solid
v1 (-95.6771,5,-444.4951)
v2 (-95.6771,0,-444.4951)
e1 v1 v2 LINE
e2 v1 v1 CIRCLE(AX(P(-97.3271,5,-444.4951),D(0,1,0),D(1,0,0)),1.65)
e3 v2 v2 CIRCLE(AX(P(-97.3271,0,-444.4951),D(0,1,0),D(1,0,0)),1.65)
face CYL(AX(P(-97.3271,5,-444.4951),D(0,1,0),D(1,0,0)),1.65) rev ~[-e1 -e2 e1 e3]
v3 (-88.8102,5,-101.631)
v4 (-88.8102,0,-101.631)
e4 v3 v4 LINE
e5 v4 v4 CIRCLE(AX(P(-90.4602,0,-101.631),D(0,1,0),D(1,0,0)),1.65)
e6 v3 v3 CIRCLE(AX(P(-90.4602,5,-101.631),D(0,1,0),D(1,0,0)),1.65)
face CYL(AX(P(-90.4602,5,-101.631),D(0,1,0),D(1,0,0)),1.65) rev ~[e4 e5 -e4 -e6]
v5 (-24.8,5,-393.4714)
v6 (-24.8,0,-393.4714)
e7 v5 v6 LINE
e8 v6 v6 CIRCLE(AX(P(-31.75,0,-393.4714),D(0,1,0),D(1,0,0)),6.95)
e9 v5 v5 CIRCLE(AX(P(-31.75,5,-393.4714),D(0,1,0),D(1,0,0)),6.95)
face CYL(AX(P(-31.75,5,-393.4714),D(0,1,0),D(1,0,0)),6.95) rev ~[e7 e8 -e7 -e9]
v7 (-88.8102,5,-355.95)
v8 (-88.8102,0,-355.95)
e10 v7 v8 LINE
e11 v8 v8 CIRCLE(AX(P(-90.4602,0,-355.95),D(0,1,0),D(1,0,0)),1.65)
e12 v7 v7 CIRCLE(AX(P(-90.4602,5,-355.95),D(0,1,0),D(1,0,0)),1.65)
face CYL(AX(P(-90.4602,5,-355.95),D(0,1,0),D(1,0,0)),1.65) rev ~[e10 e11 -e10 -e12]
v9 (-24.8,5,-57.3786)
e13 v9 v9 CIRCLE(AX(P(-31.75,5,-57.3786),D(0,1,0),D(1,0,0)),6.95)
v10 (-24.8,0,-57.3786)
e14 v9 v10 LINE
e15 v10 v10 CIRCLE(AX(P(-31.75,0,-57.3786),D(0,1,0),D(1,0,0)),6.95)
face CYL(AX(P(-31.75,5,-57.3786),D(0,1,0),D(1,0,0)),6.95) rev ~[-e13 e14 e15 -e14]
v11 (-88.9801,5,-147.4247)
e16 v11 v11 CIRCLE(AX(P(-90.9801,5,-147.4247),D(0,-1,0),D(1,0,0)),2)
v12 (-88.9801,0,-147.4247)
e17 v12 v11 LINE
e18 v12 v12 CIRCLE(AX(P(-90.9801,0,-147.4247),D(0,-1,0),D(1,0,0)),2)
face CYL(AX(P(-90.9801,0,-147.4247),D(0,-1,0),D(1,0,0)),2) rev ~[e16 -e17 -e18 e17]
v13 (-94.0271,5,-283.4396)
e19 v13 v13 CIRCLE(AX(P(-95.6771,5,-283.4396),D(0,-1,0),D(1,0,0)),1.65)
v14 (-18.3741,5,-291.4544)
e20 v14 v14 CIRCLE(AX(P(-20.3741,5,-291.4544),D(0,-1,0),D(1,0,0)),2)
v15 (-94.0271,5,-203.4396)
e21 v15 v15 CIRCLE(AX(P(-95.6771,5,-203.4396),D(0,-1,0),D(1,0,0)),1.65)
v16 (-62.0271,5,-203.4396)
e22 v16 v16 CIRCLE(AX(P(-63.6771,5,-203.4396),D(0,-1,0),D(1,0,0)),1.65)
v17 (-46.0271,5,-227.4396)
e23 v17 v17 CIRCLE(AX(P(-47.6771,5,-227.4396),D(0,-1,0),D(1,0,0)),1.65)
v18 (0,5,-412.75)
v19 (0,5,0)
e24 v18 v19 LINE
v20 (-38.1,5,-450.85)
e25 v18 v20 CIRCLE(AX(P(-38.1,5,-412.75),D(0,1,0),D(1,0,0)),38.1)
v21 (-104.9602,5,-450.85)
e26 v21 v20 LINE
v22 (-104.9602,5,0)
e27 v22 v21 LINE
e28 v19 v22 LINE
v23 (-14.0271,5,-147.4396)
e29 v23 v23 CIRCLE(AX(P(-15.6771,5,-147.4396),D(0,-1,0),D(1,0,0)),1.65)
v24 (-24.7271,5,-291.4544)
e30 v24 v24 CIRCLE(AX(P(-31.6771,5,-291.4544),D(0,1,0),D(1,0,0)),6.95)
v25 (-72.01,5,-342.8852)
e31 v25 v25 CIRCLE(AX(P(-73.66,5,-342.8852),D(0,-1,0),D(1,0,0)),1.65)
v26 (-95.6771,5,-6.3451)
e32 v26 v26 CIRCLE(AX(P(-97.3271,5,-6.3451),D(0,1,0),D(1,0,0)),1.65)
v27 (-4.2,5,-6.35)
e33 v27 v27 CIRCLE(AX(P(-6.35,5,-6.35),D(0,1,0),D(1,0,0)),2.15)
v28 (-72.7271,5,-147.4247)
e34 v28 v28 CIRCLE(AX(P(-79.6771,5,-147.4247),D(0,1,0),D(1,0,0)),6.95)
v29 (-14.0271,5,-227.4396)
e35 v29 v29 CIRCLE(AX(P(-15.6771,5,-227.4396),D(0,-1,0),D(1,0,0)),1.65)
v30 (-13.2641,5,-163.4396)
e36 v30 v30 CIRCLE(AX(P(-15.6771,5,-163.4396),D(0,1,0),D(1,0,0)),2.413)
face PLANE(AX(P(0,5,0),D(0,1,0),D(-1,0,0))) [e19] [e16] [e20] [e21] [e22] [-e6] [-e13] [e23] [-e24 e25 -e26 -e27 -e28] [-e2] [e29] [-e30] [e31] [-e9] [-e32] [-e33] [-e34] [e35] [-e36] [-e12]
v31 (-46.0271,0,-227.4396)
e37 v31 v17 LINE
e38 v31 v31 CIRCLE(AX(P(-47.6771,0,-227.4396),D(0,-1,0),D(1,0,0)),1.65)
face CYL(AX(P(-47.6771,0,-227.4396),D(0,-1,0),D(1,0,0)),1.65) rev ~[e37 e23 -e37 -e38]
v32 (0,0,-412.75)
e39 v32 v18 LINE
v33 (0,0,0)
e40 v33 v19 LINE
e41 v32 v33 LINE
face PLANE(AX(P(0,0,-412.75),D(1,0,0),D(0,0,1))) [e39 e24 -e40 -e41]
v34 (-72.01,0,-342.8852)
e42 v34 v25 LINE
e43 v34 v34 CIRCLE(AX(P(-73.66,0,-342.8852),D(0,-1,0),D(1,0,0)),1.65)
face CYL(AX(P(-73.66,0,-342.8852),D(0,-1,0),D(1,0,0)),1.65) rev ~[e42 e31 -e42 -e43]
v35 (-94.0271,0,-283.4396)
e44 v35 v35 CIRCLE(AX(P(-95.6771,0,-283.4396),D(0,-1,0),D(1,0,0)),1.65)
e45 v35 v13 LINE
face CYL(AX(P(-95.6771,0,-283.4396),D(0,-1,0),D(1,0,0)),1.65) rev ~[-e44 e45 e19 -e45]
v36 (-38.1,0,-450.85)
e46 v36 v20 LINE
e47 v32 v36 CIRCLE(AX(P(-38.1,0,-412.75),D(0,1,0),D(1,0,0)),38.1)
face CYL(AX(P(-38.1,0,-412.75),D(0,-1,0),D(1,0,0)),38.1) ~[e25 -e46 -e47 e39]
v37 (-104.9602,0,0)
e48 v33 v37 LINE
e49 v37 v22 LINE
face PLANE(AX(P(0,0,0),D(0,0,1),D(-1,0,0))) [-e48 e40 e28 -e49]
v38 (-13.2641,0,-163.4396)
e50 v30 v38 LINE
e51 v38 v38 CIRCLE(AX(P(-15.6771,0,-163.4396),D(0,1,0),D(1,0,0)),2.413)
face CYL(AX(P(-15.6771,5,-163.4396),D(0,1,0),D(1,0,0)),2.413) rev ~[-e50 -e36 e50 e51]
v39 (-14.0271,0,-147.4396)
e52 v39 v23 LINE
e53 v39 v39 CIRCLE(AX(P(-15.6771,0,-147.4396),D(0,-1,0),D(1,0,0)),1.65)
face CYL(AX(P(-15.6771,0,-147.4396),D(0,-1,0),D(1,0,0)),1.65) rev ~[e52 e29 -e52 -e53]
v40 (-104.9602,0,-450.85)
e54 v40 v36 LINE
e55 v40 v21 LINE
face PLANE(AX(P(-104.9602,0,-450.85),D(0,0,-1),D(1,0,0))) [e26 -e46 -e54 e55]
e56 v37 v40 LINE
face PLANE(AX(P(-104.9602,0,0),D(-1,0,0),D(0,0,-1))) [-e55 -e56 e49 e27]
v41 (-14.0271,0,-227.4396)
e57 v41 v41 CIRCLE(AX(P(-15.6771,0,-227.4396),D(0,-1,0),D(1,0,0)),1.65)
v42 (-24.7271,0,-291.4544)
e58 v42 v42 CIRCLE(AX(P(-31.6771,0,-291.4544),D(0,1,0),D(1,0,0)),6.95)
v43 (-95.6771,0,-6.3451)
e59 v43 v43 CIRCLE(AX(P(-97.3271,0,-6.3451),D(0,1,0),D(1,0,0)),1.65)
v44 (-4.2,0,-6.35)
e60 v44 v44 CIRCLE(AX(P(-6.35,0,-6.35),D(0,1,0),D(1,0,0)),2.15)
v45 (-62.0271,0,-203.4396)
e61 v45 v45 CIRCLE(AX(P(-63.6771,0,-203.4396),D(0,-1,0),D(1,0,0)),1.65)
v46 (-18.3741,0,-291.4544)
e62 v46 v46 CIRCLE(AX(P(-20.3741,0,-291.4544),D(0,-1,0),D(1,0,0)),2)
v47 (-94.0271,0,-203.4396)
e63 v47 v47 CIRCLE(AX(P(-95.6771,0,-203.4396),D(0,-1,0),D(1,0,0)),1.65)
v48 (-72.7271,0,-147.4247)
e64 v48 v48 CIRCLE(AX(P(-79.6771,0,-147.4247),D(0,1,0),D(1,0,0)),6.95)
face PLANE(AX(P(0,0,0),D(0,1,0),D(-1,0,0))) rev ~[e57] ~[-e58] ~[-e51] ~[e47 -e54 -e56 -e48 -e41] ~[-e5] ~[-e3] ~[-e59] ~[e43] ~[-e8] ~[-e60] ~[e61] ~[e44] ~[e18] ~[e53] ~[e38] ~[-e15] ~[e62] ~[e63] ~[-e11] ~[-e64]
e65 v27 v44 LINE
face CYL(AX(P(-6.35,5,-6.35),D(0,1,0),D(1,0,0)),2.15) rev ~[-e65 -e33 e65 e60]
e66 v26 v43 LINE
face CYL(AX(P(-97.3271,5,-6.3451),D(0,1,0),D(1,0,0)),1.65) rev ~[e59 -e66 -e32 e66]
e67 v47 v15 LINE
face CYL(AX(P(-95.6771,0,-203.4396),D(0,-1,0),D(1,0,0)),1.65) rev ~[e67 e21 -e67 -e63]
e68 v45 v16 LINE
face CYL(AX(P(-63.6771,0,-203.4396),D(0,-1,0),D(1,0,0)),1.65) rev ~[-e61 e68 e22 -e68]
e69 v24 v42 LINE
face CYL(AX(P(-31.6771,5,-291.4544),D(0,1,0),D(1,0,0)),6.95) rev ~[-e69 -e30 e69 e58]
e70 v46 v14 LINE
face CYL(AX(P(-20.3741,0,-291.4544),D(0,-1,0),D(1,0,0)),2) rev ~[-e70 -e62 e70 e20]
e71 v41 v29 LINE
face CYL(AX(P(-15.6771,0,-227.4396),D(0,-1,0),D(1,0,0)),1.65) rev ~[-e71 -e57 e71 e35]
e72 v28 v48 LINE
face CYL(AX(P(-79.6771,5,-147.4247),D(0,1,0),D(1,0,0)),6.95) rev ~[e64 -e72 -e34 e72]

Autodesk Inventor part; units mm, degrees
ref_plane "YZ Plane" through (0, 0, 0) normal (1, 0, 0) x (0, 1, 0)
ref_plane "XZ Plane" through (0, 0, 0) normal (0, 1, 0) x (-1, 0, 0)
ref_plane "XY Plane" through (0, 0, 0) normal (0, 0, 1) x (1, 0, 0)
sketch "Sketch1" plane through (0, 0, 0) normal (0, 1, 0) x (-1, 0, 0)
  line L0 (0, 0) -> (104.9602, 0)
  line L1 (104.9602, 0) -> (104.9602, -450.85)
  line L2 (104.9602, -450.85) -> (38.1, -450.85)
  line L3 (0, -412.75) -> (0, 0)
  arc A0 (0, -412.75) -> (38.1, -450.85) centre (38.1, -412.75) ccw
  line L4 (38.1, -412.75) -> (38.1, -450.85) construction
  line L5 (38.1, -412.75) -> (76.2, -412.75) construction
  dimension "d1" = 450.85
  dimension "d5" = 38.1
  dimension "d6" = 90
  dimension "d7" = 104.9602
  dimension "d8" = 38.1
extrude "Extrusion1" add sketch "Sketch1" along normal blind 5
sketch "Sketch2" plane through (0, 5, 0) normal (0, 1, 0) x (1, 0, 0)
  circle A0 centre (-31.75, 57.3786) radius 6.95
  line L0 (-104.9602, 0) -> (0, 0) projected
  line L1 (0, 0) -> (0, 412.75) projected
  circle A1 centre (-31.75, 393.4714) radius 6.95
  circle A2 centre (-6.35, 6.35) radius 2.15
  dimension "BearingHole" = 13.9
  dimension "d12" = 57.3786
  dimension "d13" = 31.75
  dimension "d14" = 13.9
  dimension "d15" = 31.75
  dimension "d16" = 336.0928
  dimension "M4Clearance" = 4.3
  dimension "d71" = 6.35
  dimension "d72" = 6.35
extrude "Extrusion2" cut sketch "Sketch2" against normal through all
sketch "Sketch3" plane through (0, 5, 0) normal (0, 1, 0) x (1, 0, 0)
  circle A0 centre (-97.3271, 444.4951) radius 1.7 construction
  circle A1 centre (-97.3271, 6.3451) radius 1.7 construction
  circle A2 centre (-63.6771, 179.4396) radius 3.15 construction
  circle A3 centre (-95.6771, 179.4396) radius 3.5 construction
  circle A4 centre (-79.6771, 147.4247) radius 7 construction
  circle A5 centre (-31.6771, 291.4544) radius 7 construction
  circle A6 centre (-15.6771, 259.4396) radius 3.5 construction
  circle A7 centre (-47.6771, 259.4396) radius 3.5 construction
  circle A8 centre (-31.75, 393.4714) radius 6.95 construction
  circle A9 centre (-15.6771, 163.4396) radius 2.25 construction
  arc A10 (-33.6771, 302.7533) -> (-29.6771, 302.7533) centre (-31.6771, 302.7533) ccw construction
  arc A11 (-29.6771, 304.1259) -> (-33.6771, 304.1259) centre (-31.6771, 304.1259) ccw construction
  line L0 (-29.6771, 302.7533) -> (-29.6771, 304.1259) construction
  line L1 (-33.6771, 304.1259) -> (-33.6771, 302.7533) construction
  line L2 (-77.6771, 158.7533) -> (-77.6771, 160.1259) construction
  arc A12 (-77.6771, 160.1259) -> (-81.6771, 160.1259) centre (-79.6771, 160.1259) ccw construction
  line L3 (-81.6771, 160.1259) -> (-81.6771, 158.7533) construction
  arc A13 (-81.6771, 158.7533) -> (-77.6771, 158.7533) centre (-79.6771, 158.7533) ccw construction
  circle A14 centre (-97.3271, 6.3451) radius 1.65
  circle A15 centre (-97.3271, 444.4951) radius 1.65
  circle A16 centre (-79.6771, 147.4247) radius 6.95
  circle A17 centre (-31.6771, 291.4544) radius 6.95
  circle A18 centre (-15.6771, 163.4396) radius 2.413
  arc A19 (-77.6771, 136.1259) -> (-81.6771, 136.1259) centre (-79.6771, 136.1259) ccw construction
  line L4 (-77.6771, 134.7533) -> (-77.6771, 136.1259) construction
  line L5 (-81.6771, 136.1259) -> (-81.6771, 134.7533) construction
  arc A20 (-81.6771, 134.7533) -> (-77.6771, 134.7533) centre (-79.6771, 134.7533) ccw construction
  circle A21 centre (-90.4602, 355.95) radius 1.7 construction
  circle A22 centre (-90.4602, 355.95) radius 1.65
  circle A23 centre (-90.4602, 101.631) radius 1.7 construction
  circle A24 centre (-90.4602, 101.631) radius 1.65
  point P0 (0, 0)
  dimension "d75" = 3.3
  dimension "d76" = 3.3
  dimension "BearingClearance" = 13.9
  dimension "d78" = 13.9
  dimension "d83" = 4.826
  dimension "d90" = 3.3
  dimension "d91" = 3.3
extrude "Extrusion3" cut sketch "Sketch3" against normal through all
sketch "Sketch4" plane through (0, 0, 0) normal (0, -1, 0) x (1, 0, 0)
  circle A0 centre (-73.66, -342.8852) radius 1.7 construction
  circle A1 centre (-95.6771, -203.4396) radius 1.9304 construction
  circle A2 centre (-47.6771, -227.4396) radius 1.9304 construction
  circle A3 centre (-15.6771, -227.4396) radius 1.9304 construction
  circle A4 centre (-54.3045, -291.4544) radius 2 construction
  circle A5 centre (-95.6771, -283.4396) radius 1.9304 construction
  circle A6 centre (-63.6771, -203.4396) radius 1.9304 construction
  circle A7 centre (-63.6771, -203.4396) radius 1.9304 construction
  circle A8 centre (-15.6771, -147.4396) radius 1.9304 construction
  circle A9 centre (-73.66, -342.8852) radius 1.65
  circle A10 centre (-95.6771, -283.4396) radius 1.65
  circle A11 centre (-47.6771, -227.4396) radius 1.65
  circle A12 centre (-15.6771, -227.4396) radius 1.65
  circle A13 centre (-95.6771, -203.4396) radius 1.65
  circle A14 centre (-63.6771, -203.4396) radius 1.65
  circle A15 centre (-15.6771, -147.4396) radius 1.65
  point P0 (0, 0)
  dimension "d92" = 3.3
  dimension "d93" = 3.3
  dimension "d94" = 3.3
  dimension "d95" = 3.3
  dimension "d96" = 3.3
  dimension "d97" = 3.3
  dimension "d98" = 3.3
extrude "Extrusion4" cut sketch "Sketch4" against normal through all
sketch "Sketch5" plane through (0, 0, 0) normal (0, -1, 0) x (1, 0, 0)
  circle A0 centre (-90.9801, -147.4247) radius 2
  circle A1 centre (-79.6771, -147.4247) radius 6.95 projected
  circle A2 centre (-20.3741, -291.4544) radius 2
  circle A3 centre (-31.6771, -291.4544) radius 6.95 projected
  point P0 (0, 0)
  dimension "d101" = 4
  dimension "d102" = 11.303
  dimension "d103" = 4
  dimension "d104" = 11.303
extrude "Extrusion5" cut sketch "Sketch5" against normal through all contours A0 | A2
equation "\"d14\" = BearingHole"
equation "\"d15\" = d13"
equation "\"d75\" = M3Clearance"
equation "\"d76\" = M3Clearance"
equation "\"BearingClearance\" = BearingHole"
equation "\"d78\" = BearingHole"
equation "\"d90\" = M3Clearance"
equation "\"d91\" = M3Clearance"
equation "\"d92\" = M3Clearance"
equation "\"d93\" = M3Clearance"
equation "\"d94\" = M3Clearance"
equation "\"d95\" = M3Clearance"
equation "\"d96\" = M3Clearance"
equation "\"d97\" = M3Clearance"
equation "\"d98\" = M3Clearance"
equation "\"d103\" = d101"
equation "\"d104\" = d102"
equation "\"M3Clearance\" = 3.3"
properties part number "sidewall outside"
